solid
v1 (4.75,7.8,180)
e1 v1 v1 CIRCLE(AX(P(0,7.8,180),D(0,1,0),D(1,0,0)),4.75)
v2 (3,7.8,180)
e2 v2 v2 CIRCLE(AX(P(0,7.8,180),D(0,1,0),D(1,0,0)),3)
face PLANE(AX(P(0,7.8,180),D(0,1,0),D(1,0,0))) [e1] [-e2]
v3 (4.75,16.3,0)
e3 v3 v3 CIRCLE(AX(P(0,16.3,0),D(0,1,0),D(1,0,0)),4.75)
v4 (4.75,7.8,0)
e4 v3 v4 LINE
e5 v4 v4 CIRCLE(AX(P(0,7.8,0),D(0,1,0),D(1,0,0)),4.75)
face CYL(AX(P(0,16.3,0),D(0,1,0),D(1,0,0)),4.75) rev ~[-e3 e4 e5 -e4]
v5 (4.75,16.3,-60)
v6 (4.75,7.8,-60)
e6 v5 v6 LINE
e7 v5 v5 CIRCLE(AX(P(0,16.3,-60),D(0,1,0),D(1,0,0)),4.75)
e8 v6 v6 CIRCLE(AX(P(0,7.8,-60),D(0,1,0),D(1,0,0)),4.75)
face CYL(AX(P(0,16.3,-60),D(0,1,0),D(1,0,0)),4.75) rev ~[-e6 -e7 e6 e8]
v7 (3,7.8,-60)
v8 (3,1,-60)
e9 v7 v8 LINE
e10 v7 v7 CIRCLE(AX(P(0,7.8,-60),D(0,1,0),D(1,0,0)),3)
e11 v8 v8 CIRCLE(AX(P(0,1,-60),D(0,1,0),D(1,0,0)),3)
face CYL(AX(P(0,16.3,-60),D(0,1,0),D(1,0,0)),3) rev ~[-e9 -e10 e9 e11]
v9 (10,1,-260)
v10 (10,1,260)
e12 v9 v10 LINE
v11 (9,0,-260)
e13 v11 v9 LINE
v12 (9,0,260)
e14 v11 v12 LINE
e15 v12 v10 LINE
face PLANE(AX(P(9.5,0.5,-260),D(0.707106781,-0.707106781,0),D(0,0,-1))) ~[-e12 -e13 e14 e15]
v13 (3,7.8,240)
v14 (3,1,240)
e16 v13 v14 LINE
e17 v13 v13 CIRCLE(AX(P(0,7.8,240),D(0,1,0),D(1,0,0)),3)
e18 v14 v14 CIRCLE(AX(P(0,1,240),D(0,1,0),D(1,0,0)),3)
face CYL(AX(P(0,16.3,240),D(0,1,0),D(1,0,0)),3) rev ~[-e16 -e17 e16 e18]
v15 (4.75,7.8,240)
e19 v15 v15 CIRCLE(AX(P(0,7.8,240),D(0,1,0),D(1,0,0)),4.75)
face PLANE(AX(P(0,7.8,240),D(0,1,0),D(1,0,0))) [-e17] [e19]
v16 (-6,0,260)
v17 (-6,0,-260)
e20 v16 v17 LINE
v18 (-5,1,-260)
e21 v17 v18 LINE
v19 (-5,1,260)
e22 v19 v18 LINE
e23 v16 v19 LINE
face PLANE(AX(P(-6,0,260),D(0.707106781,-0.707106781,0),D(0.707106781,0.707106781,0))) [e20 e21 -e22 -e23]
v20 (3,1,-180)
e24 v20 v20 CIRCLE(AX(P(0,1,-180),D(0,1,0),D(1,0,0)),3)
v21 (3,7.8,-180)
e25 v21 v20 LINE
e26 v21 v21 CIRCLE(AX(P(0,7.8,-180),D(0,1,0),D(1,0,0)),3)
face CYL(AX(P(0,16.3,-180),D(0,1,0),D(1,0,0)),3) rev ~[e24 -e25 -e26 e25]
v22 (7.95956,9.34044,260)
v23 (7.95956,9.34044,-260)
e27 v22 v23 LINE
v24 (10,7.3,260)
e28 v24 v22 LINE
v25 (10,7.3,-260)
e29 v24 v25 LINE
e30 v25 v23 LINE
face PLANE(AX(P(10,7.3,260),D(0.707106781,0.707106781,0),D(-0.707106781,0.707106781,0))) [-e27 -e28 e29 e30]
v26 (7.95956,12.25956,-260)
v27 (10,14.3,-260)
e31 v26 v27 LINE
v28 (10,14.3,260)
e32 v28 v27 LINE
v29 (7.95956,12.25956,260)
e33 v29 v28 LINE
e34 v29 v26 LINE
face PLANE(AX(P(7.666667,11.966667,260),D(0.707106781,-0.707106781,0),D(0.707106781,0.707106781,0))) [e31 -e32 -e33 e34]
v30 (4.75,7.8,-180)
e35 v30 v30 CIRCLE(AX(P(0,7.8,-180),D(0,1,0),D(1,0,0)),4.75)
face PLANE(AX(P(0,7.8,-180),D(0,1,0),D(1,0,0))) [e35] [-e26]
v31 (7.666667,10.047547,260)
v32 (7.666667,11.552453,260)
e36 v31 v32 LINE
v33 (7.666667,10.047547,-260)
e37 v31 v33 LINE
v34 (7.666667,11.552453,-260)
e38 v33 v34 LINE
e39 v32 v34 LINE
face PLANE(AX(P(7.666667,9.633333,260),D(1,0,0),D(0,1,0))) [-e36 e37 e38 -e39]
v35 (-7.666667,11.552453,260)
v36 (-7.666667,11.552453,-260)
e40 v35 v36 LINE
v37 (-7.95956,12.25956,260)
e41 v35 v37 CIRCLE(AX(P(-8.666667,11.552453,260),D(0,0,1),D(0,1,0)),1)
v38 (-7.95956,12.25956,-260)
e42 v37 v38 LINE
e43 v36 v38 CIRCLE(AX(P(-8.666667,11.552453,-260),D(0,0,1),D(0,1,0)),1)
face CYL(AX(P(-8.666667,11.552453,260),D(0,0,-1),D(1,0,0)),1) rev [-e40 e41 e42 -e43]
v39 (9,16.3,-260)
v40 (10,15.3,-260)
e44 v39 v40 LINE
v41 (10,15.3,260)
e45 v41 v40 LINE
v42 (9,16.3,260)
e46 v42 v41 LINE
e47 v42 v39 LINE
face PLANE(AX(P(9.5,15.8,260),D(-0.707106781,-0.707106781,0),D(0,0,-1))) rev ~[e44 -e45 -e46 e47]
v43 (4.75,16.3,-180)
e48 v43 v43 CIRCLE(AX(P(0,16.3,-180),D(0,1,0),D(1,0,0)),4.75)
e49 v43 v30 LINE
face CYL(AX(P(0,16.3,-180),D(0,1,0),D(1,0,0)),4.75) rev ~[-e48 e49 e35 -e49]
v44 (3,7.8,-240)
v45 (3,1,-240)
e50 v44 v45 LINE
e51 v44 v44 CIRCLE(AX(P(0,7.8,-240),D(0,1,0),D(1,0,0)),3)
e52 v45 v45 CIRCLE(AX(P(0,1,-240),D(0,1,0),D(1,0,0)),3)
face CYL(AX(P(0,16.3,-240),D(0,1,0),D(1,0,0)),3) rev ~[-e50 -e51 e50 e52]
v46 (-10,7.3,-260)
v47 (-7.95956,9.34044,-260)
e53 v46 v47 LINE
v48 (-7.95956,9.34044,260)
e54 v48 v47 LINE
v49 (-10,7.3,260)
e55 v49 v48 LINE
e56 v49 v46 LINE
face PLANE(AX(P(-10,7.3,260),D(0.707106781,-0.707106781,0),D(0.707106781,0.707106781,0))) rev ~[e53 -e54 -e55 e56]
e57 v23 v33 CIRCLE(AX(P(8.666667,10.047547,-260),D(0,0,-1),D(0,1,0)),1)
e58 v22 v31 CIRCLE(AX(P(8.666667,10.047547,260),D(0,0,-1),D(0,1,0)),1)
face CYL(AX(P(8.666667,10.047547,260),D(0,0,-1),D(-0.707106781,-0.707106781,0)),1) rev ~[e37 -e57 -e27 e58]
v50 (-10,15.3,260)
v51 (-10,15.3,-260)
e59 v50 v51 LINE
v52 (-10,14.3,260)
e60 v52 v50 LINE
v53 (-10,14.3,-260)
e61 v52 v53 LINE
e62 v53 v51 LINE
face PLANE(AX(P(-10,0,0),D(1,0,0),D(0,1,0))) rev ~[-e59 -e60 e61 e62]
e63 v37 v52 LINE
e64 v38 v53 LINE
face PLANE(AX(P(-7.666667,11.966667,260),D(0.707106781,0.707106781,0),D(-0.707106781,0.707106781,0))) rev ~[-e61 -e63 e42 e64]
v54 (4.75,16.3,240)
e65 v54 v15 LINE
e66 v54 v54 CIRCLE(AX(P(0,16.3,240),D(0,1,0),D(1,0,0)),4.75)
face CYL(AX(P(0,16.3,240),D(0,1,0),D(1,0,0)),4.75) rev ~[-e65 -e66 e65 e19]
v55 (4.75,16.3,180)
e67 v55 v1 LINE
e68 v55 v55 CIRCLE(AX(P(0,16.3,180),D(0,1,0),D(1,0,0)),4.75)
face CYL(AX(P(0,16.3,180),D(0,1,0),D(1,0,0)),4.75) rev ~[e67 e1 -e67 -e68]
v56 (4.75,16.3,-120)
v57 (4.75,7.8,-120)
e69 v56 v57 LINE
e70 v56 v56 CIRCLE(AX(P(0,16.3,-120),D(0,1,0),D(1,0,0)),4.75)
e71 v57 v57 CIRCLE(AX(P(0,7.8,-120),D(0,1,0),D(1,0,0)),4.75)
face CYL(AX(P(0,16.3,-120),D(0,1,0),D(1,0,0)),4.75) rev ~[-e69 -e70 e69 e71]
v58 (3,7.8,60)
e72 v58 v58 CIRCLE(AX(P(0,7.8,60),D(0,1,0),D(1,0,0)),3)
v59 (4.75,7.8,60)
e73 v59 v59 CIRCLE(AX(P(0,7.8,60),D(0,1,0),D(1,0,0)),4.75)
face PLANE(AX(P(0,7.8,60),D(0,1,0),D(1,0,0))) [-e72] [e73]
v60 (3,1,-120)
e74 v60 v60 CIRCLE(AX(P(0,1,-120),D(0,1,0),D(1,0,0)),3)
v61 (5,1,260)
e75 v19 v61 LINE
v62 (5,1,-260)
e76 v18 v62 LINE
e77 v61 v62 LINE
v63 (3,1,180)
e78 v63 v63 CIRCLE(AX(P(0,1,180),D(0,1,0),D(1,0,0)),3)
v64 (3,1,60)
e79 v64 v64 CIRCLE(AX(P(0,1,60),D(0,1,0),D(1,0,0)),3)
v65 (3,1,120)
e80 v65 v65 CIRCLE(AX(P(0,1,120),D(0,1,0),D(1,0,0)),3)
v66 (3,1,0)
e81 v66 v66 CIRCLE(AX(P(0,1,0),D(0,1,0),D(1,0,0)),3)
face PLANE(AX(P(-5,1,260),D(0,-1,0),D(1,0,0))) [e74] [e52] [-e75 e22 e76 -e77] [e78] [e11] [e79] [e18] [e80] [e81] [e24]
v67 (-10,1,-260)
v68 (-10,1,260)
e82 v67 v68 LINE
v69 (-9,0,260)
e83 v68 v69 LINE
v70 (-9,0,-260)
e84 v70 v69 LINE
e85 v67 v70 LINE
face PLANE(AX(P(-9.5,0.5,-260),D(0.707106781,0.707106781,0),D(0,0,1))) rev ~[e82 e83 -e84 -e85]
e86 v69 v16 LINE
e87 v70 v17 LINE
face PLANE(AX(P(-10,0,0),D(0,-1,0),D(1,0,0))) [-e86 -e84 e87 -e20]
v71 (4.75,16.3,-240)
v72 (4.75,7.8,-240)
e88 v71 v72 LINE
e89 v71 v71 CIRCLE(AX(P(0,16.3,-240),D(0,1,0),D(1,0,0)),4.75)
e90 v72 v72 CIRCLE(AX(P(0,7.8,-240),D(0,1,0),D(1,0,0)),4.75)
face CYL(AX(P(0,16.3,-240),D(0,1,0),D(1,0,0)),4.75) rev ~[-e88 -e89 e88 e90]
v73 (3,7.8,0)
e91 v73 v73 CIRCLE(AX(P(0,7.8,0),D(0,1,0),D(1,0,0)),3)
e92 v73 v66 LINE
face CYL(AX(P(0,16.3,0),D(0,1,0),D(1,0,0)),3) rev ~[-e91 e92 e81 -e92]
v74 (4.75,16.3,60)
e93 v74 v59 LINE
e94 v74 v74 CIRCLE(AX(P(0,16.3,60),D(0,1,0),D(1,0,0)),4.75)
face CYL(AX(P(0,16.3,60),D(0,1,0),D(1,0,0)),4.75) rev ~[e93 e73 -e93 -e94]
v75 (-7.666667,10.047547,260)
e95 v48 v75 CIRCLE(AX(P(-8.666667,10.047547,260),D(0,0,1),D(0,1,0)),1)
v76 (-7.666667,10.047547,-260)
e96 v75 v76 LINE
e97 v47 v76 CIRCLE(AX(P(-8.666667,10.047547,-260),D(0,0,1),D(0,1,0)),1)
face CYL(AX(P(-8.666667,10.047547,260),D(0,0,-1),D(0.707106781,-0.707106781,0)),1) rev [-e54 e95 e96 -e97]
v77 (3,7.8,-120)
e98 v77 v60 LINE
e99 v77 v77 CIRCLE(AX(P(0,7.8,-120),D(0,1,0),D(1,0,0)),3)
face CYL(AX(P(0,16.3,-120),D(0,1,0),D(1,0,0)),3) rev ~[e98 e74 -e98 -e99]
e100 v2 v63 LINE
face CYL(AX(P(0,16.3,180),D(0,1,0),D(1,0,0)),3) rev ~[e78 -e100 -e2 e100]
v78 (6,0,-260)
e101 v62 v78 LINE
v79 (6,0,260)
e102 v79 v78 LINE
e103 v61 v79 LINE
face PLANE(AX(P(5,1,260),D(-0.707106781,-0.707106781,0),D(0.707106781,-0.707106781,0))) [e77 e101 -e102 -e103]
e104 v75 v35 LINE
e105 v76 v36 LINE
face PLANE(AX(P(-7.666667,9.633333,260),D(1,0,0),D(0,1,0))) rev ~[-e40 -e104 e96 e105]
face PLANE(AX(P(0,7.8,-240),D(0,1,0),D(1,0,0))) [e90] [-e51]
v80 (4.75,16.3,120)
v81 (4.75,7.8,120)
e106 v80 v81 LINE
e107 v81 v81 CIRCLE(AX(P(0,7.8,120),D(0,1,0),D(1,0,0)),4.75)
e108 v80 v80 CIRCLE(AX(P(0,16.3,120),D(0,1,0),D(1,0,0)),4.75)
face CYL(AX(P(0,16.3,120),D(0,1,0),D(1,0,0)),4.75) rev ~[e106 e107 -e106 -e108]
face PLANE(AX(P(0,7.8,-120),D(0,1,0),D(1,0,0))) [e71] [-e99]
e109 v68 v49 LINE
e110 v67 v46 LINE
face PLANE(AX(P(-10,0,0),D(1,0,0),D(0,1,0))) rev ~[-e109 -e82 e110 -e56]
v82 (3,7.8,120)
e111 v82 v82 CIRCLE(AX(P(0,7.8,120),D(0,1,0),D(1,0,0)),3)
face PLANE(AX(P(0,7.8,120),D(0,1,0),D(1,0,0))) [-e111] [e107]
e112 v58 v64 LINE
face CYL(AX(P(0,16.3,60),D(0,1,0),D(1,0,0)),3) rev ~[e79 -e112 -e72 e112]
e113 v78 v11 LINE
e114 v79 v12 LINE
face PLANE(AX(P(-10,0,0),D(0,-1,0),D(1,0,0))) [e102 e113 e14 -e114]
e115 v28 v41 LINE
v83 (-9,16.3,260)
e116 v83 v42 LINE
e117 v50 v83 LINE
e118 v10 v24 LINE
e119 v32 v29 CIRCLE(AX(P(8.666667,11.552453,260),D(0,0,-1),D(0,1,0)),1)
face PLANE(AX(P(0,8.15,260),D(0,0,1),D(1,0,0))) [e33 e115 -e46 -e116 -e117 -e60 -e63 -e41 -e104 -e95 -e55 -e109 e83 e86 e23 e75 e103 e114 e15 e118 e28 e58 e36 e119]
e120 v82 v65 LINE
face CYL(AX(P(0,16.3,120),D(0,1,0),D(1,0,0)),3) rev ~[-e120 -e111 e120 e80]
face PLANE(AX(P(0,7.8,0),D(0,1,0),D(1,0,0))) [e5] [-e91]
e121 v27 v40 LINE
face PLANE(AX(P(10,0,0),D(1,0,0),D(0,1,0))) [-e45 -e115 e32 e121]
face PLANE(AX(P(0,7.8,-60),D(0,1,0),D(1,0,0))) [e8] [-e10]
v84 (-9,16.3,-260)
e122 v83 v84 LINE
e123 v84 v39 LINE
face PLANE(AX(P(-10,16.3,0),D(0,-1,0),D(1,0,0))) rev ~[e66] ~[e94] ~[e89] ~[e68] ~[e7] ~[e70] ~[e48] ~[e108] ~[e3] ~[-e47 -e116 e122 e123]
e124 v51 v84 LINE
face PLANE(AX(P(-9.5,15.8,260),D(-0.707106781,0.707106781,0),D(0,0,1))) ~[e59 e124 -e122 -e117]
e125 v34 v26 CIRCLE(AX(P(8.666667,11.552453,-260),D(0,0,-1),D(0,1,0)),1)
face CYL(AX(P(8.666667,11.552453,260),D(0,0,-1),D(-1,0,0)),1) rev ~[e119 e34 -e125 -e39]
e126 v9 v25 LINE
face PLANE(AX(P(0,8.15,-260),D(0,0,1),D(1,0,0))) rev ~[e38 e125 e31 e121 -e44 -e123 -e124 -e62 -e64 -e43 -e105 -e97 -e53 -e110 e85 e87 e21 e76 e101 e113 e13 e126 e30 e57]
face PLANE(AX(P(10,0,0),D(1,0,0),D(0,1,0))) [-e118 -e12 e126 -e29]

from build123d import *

# Parameters (mm, degrees)
SKETCH1_W           = 20
SKETCH1_H           = 16.3
BOSS_EXTRUDE1_DEPTH = 260
CUT_EXTRUDE1_DEPTH  = 521
CHAMFER1_SIZE       = 1
FILLET1_R           = 1
CUT_EXTRUDE2_DEPTH  = 521
SKETCH4_R           = 4.75
SKETCH4_R_2         = 3
CUT_EXTRUDE3_DEPTH  = 8.5
SKETCH4_2_R         = 3
CUT_EXTRUDE4_DEPTH  = 17.3
LPATTERN1_COUNT     = 9
LPATTERN1_PITCH     = 60


with BuildPart() as part:
    # Sketch1 → Boss-Extrude1 (new body, symmetric)
    with BuildSketch(Plane.XY):
        with Locations((0, 8.15)):
            Rectangle(SKETCH1_W, SKETCH1_H)
    extrude(amount=BOSS_EXTRUDE1_DEPTH, both=True)

    # Sketch2 → Cut-Extrude1 (cut, through all)
    with BuildSketch(Plane.XY.offset(260)):
        Polygon((-10, 14.3), (-10, 7.3), (-7.666666667, 9.633333333), (-7.666666667, 11.966666667), align=None)
        Polygon((7.666666667, 11.966666667), (10, 14.3), (10, 7.3), (7.666666667, 9.633333333), align=None)
    extrude(amount=-CUT_EXTRUDE1_DEPTH, mode=Mode.SUBTRACT)

    # Chamfer1
    chamfer1_edges = [part.edges().sort_by_distance(p)[0] for p in [
        (-10, 16.3, 0),
        (10, 16.3, 0),
        (10, 0, 0),
        (-10, 0, 0),
    ]]
    chamfer(chamfer1_edges, length=CHAMFER1_SIZE)

    # Fillet1
    fillet1_edges = [part.edges().sort_by_distance(p)[0] for p in [
        (-7.666666667, 11.966666667, 0),
        (-7.666666667, 9.633333333, 0),
        (7.666666667, 9.633333333, 0),
        (7.666666667, 11.966666667, 0),
    ]]
    fillet(fillet1_edges, radius=FILLET1_R)

    # Sketch3 → Cut-Extrude2 (cut, through all)
    with BuildSketch(Plane.XY.offset(260)):
        Polygon((-6, 0), (-5, 1), (5, 1), (6, 0), align=None)
    extrude(amount=-CUT_EXTRUDE2_DEPTH, mode=Mode.SUBTRACT)

    # Sketch4 → Cut-Extrude3 (cut)
    with BuildSketch(Plane(origin=(0, 16.3, 0), x_dir=(1, 0, 0), z_dir=(0, 1, 0))):
        with Locations((0, -240)):
            Circle(SKETCH4_R)
        with Locations((0, -240)):
            Circle(SKETCH4_R_2, mode=Mode.SUBTRACT)
    cut_extrude3 = extrude(amount=-CUT_EXTRUDE3_DEPTH, mode=Mode.SUBTRACT)

    # Sketch4_2 → Cut-Extrude4 (cut, through all)
    with BuildSketch(Plane(origin=(0, 16.3, 0), x_dir=(1, 0, 0), z_dir=(0, 1, 0))):
        with Locations((0, -240)):
            Circle(SKETCH4_2_R)
    cut_extrude4 = extrude(amount=-CUT_EXTRUDE4_DEPTH, mode=Mode.SUBTRACT)

    # LPattern1: Cut-Extrude3, Cut-Extrude4 ×9
    with Locations(*[(0, 0, -i * LPATTERN1_PITCH) for i in range(1, LPATTERN1_COUNT)]):
        add(cut_extrude3, mode=Mode.SUBTRACT)
        add(cut_extrude4, mode=Mode.SUBTRACT)


solid = part.part
